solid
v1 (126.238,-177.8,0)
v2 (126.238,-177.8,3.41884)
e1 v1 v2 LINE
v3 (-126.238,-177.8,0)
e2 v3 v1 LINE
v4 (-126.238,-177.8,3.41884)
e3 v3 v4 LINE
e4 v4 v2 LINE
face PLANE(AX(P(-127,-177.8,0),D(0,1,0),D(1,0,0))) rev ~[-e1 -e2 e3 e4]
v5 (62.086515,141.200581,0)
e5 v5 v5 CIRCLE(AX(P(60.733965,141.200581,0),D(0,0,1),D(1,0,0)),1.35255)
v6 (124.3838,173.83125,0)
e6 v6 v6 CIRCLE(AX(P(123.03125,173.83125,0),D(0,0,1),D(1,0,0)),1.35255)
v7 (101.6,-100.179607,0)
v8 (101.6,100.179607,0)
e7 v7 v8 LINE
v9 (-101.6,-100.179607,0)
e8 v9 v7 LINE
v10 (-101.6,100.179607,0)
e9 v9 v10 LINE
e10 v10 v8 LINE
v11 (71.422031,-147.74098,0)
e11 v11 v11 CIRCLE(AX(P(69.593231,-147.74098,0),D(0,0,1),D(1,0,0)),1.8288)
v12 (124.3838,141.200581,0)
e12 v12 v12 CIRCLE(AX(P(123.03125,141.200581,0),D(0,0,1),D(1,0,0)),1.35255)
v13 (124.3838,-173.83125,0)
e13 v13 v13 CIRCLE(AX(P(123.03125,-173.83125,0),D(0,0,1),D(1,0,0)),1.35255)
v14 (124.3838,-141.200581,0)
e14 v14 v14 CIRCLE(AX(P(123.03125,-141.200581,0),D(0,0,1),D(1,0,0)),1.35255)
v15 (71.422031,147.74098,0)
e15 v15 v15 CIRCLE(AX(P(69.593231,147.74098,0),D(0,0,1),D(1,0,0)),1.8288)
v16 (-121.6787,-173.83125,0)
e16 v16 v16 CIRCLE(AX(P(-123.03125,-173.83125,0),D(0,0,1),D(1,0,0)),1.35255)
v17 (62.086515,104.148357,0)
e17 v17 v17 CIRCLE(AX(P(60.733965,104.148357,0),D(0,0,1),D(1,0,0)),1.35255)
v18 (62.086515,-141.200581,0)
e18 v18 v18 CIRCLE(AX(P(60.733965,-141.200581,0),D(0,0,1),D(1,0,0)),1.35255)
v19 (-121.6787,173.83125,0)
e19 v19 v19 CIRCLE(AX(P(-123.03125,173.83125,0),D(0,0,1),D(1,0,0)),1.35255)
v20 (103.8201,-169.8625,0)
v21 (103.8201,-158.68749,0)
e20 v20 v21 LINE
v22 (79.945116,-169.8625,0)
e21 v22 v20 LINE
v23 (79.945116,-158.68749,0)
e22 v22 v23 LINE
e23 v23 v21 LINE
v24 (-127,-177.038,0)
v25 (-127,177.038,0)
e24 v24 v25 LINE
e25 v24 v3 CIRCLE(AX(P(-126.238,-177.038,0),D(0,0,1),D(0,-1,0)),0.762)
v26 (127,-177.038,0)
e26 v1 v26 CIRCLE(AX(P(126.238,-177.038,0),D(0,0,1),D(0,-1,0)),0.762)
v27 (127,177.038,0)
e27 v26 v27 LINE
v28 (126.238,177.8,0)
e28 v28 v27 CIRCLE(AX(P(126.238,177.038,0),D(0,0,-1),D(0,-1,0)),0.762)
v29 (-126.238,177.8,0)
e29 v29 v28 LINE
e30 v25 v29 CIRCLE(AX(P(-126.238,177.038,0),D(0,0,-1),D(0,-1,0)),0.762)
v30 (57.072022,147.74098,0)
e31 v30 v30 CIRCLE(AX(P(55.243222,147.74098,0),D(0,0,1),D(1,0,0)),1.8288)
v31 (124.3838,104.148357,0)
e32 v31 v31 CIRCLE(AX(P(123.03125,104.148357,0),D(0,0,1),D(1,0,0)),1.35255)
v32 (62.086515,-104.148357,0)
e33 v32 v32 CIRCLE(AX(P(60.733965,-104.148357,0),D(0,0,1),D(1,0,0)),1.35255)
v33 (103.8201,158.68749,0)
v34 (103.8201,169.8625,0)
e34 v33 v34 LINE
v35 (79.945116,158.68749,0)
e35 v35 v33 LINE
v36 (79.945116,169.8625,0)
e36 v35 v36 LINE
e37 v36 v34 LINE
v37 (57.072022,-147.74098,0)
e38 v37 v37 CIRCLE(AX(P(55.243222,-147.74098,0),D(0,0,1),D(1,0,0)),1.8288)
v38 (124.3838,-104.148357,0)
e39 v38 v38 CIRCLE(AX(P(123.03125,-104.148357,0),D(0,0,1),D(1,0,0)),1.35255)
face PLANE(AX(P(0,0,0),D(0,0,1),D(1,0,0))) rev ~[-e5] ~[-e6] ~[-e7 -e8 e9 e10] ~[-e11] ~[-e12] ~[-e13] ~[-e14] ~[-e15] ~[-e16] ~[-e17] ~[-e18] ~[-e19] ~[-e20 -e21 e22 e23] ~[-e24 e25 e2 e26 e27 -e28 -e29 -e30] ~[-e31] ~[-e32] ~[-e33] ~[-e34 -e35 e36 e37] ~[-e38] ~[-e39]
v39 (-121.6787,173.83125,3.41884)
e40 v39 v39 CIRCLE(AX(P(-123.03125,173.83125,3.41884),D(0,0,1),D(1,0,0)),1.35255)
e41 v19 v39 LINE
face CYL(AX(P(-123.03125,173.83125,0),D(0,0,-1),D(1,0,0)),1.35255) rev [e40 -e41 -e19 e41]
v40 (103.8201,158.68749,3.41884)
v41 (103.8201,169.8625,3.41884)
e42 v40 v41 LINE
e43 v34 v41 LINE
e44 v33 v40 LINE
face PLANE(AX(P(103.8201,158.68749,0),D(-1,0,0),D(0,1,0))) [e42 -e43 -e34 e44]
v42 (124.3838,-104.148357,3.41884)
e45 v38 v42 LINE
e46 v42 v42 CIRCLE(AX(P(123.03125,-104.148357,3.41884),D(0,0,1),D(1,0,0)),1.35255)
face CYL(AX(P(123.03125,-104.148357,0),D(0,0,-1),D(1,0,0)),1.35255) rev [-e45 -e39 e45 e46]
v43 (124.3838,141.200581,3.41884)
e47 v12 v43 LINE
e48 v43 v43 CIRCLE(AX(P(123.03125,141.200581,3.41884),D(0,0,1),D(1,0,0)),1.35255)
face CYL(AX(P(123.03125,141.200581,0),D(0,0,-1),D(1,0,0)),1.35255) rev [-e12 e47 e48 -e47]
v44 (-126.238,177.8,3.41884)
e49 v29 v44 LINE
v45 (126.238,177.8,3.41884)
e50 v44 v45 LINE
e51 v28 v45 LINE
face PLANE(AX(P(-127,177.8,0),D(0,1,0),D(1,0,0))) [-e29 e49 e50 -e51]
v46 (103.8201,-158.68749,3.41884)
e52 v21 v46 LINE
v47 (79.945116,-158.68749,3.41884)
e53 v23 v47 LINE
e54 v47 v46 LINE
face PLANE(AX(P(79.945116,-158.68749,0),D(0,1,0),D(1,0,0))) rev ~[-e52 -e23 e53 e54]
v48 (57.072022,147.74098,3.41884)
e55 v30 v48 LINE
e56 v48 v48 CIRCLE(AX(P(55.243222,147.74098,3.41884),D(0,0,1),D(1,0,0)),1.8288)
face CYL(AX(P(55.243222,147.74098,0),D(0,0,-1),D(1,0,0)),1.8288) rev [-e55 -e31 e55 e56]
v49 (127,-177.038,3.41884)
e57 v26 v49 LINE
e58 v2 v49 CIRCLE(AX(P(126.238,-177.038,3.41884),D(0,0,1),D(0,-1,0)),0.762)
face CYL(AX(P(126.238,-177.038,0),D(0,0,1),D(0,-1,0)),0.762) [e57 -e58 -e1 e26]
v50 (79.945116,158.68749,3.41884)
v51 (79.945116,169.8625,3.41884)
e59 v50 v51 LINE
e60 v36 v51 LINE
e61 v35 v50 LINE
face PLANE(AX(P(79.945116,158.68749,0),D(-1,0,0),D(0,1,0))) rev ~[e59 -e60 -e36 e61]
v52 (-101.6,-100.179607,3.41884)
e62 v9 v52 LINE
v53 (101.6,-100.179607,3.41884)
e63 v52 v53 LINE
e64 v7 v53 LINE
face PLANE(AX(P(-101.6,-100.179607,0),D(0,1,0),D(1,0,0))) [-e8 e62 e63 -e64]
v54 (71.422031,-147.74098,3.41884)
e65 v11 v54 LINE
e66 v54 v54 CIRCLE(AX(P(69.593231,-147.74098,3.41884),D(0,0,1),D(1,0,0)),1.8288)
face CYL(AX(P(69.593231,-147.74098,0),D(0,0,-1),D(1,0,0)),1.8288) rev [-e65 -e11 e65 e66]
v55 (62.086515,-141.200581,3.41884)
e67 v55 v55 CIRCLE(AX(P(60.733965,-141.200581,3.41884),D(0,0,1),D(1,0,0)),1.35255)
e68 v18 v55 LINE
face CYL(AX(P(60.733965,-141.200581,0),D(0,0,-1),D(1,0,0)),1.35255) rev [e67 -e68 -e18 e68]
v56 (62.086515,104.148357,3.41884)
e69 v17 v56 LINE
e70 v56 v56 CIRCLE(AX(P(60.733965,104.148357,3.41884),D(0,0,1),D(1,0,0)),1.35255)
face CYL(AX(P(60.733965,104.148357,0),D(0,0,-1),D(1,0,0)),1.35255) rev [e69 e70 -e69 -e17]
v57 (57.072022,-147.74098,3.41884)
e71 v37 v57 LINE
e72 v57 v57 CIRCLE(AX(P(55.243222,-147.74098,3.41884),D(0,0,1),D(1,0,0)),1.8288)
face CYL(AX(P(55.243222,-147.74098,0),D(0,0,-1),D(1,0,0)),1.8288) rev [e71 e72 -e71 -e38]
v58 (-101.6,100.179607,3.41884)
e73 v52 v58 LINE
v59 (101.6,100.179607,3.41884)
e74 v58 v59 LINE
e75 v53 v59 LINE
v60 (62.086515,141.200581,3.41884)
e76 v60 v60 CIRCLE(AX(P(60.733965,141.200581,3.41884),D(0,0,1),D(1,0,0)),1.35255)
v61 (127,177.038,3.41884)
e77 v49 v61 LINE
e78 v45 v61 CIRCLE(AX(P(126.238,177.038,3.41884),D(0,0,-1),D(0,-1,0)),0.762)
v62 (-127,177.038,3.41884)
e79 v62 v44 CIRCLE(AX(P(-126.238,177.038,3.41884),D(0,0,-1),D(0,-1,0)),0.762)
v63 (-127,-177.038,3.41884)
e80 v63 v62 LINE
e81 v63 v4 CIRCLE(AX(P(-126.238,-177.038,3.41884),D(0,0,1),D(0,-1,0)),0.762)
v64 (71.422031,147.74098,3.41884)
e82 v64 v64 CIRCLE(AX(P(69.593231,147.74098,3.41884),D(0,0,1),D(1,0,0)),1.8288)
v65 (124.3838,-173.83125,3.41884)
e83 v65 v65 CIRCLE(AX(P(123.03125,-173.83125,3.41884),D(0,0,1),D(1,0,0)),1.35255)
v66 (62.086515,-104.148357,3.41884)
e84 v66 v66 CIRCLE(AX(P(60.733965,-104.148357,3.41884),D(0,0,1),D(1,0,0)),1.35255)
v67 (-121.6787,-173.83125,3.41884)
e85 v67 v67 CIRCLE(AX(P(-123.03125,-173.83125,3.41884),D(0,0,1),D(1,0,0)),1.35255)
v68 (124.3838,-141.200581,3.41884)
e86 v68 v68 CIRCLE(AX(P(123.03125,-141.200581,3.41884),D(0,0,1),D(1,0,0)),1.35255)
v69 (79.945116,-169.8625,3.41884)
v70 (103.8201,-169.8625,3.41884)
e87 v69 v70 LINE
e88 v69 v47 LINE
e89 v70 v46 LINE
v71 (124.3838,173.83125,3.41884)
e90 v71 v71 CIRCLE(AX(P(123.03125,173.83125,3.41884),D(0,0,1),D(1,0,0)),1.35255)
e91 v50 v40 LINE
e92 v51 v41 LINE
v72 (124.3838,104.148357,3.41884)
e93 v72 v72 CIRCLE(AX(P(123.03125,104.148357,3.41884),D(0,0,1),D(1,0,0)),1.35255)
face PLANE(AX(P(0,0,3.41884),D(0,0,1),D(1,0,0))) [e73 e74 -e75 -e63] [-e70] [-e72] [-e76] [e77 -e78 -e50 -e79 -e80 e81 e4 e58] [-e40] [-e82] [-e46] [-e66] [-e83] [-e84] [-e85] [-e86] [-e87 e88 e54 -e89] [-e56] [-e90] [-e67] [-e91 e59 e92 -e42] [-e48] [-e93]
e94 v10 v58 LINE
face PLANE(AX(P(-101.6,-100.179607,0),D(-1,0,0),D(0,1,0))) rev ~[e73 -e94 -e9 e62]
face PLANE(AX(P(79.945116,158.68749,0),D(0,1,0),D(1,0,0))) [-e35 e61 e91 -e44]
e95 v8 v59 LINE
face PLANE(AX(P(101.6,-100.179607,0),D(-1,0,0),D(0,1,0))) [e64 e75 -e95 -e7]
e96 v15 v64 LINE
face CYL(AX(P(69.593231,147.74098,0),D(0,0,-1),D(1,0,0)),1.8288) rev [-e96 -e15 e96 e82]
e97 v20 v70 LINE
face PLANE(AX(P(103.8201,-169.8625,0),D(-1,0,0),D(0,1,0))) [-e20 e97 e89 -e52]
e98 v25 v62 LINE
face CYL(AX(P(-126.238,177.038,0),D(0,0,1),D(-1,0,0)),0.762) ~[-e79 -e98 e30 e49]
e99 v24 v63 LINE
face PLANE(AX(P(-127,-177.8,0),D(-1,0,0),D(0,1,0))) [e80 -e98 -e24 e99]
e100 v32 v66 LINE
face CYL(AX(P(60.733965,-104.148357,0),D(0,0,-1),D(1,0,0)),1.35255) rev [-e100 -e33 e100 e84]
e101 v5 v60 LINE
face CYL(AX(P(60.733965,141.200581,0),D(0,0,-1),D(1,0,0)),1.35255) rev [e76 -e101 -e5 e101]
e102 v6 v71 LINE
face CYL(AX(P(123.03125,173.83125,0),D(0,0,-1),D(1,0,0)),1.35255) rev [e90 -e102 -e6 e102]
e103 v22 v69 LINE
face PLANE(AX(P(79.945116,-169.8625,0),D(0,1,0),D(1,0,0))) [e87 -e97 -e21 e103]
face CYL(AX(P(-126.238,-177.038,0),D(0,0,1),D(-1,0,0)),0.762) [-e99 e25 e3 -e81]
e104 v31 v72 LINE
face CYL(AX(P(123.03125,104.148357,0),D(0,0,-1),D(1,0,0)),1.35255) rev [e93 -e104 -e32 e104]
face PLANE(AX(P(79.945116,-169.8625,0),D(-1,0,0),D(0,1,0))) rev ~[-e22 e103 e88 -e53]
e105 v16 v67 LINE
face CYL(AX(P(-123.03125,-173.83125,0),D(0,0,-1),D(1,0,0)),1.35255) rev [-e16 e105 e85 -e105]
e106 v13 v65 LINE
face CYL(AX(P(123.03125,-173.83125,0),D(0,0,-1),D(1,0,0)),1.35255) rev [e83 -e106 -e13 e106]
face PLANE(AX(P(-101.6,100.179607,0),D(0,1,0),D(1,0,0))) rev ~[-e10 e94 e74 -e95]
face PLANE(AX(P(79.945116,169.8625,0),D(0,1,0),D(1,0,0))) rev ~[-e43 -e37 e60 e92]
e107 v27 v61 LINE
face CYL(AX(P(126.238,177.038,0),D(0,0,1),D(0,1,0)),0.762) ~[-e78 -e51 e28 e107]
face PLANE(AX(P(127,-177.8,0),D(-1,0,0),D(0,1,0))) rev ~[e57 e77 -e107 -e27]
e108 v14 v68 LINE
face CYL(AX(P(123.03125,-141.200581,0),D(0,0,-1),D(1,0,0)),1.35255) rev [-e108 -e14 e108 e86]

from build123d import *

# Parameters (mm, degrees)
F0_W     = 254
F0_H     = 355.6
F0_R     = 1.35255
F0_R_2   = 1.8288
F0_W_2   = 23.874984
F0_H_2   = 11.175009
F0_W_3   = 203.2
F0_H_3   = 200.359214
F1_DEPTH = 3.41884
F2_R     = 0.762


with BuildPart() as f1:
    # F0 (on Top) → F1 (new body)
    with BuildSketch(Plane.XY):
        Rectangle(F0_W, F0_H)
        with Locations((-123.03125, -173.83125)):
            Circle(F0_R, mode=Mode.SUBTRACT)
        with Locations((55.243222, -147.74098)):
            Circle(F0_R_2, mode=Mode.SUBTRACT)
        with Locations((60.733965, -141.200581)):
            Circle(F0_R, mode=Mode.SUBTRACT)
        with Locations((60.733965, -104.148357)):
            Circle(F0_R, mode=Mode.SUBTRACT)
        with Locations((91.882608, -164.274995)):
            Rectangle(F0_W_2, F0_H_2, mode=Mode.SUBTRACT)
        with Locations((69.593231, -147.74098)):
            Circle(F0_R_2, mode=Mode.SUBTRACT)
        with Locations((123.03125, -173.83125)):
            Circle(F0_R, mode=Mode.SUBTRACT)
        with Locations((123.03125, -141.200581)):
            Circle(F0_R, mode=Mode.SUBTRACT)
        with Locations((123.03125, -104.148357)):
            Circle(F0_R, mode=Mode.SUBTRACT)
        with Locations((-123.03125, 173.83125)):
            Circle(F0_R, mode=Mode.SUBTRACT)
        Rectangle(F0_W_3, F0_H_3, mode=Mode.SUBTRACT)
        with Locations((60.733965, 104.148357)):
            Circle(F0_R, mode=Mode.SUBTRACT)
        with Locations((60.733965, 141.200581)):
            Circle(F0_R, mode=Mode.SUBTRACT)
        with Locations((55.243222, 147.74098)):
            Circle(F0_R_2, mode=Mode.SUBTRACT)
        with Locations((123.03125, 104.148357)):
            Circle(F0_R, mode=Mode.SUBTRACT)
        with Locations((69.593231, 147.74098)):
            Circle(F0_R_2, mode=Mode.SUBTRACT)
        with Locations((91.882608, 164.274995)):
            Rectangle(F0_W_2, F0_H_2, mode=Mode.SUBTRACT)
        with Locations((123.03125, 141.200581)):
            Circle(F0_R, mode=Mode.SUBTRACT)
        with Locations((123.03125, 173.83125)):
            Circle(F0_R, mode=Mode.SUBTRACT)
    extrude(amount=F1_DEPTH)

    # F2
    f2_edges = [f1.edges().sort_by_distance(p)[0] for p in [
        (-127, -177.8, 1.70942),
        (127, -177.8, 1.70942),
        (127, 177.8, 1.70942),
        (-127, 177.8, 1.70942),
    ]]
    fillet(f2_edges, radius=F2_R)


solid = f1.part
